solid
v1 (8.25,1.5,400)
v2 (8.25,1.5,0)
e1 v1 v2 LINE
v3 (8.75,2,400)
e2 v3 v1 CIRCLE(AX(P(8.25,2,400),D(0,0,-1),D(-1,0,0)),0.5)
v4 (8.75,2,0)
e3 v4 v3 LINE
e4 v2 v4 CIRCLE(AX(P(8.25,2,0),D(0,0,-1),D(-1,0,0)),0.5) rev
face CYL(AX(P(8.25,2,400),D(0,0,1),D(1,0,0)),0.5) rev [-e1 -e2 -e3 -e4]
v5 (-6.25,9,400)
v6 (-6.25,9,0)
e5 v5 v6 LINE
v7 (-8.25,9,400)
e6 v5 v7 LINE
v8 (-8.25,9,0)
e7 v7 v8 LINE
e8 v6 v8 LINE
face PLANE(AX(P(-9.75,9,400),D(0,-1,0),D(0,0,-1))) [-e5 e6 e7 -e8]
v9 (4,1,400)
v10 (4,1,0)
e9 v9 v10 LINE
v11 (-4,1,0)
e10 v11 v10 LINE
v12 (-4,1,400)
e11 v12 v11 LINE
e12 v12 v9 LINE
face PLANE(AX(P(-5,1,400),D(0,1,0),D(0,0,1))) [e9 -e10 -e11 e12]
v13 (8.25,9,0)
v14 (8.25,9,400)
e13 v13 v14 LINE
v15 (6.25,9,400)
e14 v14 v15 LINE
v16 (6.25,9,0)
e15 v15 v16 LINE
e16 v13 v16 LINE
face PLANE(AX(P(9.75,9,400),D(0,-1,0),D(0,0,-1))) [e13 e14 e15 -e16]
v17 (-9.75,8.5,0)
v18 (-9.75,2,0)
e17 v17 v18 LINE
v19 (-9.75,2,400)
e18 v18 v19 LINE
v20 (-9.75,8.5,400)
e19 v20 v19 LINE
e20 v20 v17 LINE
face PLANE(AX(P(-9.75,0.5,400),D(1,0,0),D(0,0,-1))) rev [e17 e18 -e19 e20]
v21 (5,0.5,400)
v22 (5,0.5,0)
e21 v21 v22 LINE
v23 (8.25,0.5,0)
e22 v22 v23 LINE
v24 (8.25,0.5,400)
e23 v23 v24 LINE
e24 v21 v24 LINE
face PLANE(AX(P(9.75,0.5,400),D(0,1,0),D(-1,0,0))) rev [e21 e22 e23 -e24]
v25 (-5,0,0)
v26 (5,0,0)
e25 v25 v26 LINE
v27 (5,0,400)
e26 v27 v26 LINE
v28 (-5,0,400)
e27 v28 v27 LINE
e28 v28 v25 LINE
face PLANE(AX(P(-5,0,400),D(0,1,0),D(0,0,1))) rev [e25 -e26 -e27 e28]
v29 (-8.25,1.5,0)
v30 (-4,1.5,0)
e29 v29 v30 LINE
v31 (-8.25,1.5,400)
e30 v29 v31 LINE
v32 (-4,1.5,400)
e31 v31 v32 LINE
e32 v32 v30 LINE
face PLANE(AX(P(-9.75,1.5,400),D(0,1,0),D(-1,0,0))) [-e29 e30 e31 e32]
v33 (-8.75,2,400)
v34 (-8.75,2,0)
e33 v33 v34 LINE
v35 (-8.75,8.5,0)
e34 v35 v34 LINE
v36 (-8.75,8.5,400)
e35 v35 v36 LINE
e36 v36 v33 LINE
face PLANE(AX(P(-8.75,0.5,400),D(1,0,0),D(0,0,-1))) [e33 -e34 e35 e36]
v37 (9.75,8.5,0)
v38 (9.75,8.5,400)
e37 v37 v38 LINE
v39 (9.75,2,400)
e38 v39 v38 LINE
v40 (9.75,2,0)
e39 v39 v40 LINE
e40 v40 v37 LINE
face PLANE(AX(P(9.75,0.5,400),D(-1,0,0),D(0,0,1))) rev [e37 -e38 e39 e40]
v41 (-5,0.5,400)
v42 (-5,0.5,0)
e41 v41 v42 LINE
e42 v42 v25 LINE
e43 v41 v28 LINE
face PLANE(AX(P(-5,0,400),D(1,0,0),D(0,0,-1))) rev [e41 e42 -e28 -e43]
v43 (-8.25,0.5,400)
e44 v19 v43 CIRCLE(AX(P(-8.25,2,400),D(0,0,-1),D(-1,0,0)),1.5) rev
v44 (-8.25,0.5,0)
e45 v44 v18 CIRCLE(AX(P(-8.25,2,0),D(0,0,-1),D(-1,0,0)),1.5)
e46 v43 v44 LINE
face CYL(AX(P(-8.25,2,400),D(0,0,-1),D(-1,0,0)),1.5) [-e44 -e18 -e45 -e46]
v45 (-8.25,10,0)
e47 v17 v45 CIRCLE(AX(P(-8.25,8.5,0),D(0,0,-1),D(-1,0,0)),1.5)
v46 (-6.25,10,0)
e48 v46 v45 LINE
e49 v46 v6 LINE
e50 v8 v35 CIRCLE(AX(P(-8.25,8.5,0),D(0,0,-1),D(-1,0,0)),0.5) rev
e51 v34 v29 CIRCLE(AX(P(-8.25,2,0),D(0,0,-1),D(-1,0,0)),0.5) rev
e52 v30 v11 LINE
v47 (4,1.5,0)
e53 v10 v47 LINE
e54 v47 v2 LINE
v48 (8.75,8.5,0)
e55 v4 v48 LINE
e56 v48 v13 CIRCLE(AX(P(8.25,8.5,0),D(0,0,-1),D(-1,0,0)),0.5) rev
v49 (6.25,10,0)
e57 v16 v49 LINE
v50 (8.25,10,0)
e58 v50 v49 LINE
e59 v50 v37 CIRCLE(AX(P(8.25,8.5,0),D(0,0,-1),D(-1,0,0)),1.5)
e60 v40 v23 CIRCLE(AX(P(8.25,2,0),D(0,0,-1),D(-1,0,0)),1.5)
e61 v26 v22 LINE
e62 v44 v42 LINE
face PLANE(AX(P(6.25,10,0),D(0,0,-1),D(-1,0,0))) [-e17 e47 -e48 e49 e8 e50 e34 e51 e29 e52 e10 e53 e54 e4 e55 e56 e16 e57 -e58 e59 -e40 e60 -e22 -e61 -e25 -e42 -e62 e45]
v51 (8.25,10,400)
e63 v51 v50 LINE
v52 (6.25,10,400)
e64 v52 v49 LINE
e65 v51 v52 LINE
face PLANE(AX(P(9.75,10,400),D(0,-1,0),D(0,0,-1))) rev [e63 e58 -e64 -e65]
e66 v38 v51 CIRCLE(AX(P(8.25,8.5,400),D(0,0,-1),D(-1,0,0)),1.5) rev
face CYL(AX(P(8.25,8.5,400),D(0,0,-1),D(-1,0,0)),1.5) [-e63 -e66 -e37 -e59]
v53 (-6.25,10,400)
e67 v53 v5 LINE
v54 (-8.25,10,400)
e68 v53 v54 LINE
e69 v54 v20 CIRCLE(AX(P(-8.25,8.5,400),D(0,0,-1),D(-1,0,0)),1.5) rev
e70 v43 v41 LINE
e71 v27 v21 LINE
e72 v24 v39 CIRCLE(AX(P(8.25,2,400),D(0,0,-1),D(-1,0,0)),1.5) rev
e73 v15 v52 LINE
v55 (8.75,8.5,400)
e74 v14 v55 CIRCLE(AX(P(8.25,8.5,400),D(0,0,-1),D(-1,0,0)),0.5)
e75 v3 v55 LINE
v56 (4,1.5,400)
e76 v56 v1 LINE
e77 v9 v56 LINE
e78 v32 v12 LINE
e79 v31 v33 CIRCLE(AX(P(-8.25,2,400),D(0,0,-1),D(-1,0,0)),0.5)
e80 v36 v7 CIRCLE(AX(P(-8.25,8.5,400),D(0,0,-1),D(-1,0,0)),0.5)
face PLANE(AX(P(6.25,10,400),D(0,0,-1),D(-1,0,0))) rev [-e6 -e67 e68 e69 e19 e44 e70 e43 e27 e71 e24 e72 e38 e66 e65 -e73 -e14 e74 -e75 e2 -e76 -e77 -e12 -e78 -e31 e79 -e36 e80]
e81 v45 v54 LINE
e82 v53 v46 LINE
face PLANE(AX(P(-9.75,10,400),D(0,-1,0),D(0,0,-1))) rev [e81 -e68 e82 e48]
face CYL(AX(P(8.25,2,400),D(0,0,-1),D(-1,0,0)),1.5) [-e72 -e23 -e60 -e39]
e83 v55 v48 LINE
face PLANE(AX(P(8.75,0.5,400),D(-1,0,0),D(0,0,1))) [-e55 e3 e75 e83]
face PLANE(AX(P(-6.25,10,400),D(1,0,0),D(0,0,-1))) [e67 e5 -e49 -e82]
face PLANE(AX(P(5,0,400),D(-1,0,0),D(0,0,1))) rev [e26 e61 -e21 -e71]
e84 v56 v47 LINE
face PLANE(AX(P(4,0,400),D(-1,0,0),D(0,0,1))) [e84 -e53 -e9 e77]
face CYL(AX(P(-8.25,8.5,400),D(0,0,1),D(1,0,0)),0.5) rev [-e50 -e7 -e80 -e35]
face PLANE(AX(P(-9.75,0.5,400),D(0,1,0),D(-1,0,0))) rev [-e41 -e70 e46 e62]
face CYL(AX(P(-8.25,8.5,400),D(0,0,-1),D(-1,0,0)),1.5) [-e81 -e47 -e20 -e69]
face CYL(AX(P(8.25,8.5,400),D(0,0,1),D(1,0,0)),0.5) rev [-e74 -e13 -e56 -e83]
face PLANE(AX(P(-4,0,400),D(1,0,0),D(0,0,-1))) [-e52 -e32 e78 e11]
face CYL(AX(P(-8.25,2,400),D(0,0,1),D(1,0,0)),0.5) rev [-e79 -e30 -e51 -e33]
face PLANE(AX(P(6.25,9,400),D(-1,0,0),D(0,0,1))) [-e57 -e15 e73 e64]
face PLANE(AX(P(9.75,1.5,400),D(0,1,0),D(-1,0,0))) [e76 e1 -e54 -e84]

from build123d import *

# Parameters (mm, degrees)
BASE_EXTRU_MINCE_DEPTH = 400
CONG_1_R               = 1.5
CONG_2_R               = 0.5


with BuildPart() as part:
    # Esquisse1 → Base-Extru.-Mince (new body)
    with BuildSketch(Plane.XY):
        Polygon((-6.25, 10), (-9.75, 10), (-9.75, 0.5), (-5, 0.5), (-5, 0), (5, 0), (5, 0.5), (9.75, 0.5), (9.75, 10), (6.25, 10), (6.25, 9), (8.75, 9), (8.75, 1.5), (4, 1.5), (4, 1), (-4, 1), (-4, 1.5), (-8.75, 1.5), (-8.75, 9), (-6.25, 9), align=None)
    extrude(amount=BASE_EXTRU_MINCE_DEPTH)

    # Congé1
    cong_1_edges = [part.edges().sort_by_distance(p)[0] for p in [
        (-9.75, 10, 200),
        (-9.75, 0.5, 200),
        (9.75, 0.5, 200),
        (9.75, 10, 200),
    ]]
    fillet(cong_1_edges, radius=CONG_1_R)

    # Congé2
    cong_2_edges = [part.edges().sort_by_distance(p)[0] for p in [
        (-8.75, 9, 200),
        (-8.75, 1.5, 200),
        (8.75, 1.5, 200),
        (8.75, 9, 200),
    ]]
    fillet(cong_2_edges, radius=CONG_2_R)


solid = part.part
